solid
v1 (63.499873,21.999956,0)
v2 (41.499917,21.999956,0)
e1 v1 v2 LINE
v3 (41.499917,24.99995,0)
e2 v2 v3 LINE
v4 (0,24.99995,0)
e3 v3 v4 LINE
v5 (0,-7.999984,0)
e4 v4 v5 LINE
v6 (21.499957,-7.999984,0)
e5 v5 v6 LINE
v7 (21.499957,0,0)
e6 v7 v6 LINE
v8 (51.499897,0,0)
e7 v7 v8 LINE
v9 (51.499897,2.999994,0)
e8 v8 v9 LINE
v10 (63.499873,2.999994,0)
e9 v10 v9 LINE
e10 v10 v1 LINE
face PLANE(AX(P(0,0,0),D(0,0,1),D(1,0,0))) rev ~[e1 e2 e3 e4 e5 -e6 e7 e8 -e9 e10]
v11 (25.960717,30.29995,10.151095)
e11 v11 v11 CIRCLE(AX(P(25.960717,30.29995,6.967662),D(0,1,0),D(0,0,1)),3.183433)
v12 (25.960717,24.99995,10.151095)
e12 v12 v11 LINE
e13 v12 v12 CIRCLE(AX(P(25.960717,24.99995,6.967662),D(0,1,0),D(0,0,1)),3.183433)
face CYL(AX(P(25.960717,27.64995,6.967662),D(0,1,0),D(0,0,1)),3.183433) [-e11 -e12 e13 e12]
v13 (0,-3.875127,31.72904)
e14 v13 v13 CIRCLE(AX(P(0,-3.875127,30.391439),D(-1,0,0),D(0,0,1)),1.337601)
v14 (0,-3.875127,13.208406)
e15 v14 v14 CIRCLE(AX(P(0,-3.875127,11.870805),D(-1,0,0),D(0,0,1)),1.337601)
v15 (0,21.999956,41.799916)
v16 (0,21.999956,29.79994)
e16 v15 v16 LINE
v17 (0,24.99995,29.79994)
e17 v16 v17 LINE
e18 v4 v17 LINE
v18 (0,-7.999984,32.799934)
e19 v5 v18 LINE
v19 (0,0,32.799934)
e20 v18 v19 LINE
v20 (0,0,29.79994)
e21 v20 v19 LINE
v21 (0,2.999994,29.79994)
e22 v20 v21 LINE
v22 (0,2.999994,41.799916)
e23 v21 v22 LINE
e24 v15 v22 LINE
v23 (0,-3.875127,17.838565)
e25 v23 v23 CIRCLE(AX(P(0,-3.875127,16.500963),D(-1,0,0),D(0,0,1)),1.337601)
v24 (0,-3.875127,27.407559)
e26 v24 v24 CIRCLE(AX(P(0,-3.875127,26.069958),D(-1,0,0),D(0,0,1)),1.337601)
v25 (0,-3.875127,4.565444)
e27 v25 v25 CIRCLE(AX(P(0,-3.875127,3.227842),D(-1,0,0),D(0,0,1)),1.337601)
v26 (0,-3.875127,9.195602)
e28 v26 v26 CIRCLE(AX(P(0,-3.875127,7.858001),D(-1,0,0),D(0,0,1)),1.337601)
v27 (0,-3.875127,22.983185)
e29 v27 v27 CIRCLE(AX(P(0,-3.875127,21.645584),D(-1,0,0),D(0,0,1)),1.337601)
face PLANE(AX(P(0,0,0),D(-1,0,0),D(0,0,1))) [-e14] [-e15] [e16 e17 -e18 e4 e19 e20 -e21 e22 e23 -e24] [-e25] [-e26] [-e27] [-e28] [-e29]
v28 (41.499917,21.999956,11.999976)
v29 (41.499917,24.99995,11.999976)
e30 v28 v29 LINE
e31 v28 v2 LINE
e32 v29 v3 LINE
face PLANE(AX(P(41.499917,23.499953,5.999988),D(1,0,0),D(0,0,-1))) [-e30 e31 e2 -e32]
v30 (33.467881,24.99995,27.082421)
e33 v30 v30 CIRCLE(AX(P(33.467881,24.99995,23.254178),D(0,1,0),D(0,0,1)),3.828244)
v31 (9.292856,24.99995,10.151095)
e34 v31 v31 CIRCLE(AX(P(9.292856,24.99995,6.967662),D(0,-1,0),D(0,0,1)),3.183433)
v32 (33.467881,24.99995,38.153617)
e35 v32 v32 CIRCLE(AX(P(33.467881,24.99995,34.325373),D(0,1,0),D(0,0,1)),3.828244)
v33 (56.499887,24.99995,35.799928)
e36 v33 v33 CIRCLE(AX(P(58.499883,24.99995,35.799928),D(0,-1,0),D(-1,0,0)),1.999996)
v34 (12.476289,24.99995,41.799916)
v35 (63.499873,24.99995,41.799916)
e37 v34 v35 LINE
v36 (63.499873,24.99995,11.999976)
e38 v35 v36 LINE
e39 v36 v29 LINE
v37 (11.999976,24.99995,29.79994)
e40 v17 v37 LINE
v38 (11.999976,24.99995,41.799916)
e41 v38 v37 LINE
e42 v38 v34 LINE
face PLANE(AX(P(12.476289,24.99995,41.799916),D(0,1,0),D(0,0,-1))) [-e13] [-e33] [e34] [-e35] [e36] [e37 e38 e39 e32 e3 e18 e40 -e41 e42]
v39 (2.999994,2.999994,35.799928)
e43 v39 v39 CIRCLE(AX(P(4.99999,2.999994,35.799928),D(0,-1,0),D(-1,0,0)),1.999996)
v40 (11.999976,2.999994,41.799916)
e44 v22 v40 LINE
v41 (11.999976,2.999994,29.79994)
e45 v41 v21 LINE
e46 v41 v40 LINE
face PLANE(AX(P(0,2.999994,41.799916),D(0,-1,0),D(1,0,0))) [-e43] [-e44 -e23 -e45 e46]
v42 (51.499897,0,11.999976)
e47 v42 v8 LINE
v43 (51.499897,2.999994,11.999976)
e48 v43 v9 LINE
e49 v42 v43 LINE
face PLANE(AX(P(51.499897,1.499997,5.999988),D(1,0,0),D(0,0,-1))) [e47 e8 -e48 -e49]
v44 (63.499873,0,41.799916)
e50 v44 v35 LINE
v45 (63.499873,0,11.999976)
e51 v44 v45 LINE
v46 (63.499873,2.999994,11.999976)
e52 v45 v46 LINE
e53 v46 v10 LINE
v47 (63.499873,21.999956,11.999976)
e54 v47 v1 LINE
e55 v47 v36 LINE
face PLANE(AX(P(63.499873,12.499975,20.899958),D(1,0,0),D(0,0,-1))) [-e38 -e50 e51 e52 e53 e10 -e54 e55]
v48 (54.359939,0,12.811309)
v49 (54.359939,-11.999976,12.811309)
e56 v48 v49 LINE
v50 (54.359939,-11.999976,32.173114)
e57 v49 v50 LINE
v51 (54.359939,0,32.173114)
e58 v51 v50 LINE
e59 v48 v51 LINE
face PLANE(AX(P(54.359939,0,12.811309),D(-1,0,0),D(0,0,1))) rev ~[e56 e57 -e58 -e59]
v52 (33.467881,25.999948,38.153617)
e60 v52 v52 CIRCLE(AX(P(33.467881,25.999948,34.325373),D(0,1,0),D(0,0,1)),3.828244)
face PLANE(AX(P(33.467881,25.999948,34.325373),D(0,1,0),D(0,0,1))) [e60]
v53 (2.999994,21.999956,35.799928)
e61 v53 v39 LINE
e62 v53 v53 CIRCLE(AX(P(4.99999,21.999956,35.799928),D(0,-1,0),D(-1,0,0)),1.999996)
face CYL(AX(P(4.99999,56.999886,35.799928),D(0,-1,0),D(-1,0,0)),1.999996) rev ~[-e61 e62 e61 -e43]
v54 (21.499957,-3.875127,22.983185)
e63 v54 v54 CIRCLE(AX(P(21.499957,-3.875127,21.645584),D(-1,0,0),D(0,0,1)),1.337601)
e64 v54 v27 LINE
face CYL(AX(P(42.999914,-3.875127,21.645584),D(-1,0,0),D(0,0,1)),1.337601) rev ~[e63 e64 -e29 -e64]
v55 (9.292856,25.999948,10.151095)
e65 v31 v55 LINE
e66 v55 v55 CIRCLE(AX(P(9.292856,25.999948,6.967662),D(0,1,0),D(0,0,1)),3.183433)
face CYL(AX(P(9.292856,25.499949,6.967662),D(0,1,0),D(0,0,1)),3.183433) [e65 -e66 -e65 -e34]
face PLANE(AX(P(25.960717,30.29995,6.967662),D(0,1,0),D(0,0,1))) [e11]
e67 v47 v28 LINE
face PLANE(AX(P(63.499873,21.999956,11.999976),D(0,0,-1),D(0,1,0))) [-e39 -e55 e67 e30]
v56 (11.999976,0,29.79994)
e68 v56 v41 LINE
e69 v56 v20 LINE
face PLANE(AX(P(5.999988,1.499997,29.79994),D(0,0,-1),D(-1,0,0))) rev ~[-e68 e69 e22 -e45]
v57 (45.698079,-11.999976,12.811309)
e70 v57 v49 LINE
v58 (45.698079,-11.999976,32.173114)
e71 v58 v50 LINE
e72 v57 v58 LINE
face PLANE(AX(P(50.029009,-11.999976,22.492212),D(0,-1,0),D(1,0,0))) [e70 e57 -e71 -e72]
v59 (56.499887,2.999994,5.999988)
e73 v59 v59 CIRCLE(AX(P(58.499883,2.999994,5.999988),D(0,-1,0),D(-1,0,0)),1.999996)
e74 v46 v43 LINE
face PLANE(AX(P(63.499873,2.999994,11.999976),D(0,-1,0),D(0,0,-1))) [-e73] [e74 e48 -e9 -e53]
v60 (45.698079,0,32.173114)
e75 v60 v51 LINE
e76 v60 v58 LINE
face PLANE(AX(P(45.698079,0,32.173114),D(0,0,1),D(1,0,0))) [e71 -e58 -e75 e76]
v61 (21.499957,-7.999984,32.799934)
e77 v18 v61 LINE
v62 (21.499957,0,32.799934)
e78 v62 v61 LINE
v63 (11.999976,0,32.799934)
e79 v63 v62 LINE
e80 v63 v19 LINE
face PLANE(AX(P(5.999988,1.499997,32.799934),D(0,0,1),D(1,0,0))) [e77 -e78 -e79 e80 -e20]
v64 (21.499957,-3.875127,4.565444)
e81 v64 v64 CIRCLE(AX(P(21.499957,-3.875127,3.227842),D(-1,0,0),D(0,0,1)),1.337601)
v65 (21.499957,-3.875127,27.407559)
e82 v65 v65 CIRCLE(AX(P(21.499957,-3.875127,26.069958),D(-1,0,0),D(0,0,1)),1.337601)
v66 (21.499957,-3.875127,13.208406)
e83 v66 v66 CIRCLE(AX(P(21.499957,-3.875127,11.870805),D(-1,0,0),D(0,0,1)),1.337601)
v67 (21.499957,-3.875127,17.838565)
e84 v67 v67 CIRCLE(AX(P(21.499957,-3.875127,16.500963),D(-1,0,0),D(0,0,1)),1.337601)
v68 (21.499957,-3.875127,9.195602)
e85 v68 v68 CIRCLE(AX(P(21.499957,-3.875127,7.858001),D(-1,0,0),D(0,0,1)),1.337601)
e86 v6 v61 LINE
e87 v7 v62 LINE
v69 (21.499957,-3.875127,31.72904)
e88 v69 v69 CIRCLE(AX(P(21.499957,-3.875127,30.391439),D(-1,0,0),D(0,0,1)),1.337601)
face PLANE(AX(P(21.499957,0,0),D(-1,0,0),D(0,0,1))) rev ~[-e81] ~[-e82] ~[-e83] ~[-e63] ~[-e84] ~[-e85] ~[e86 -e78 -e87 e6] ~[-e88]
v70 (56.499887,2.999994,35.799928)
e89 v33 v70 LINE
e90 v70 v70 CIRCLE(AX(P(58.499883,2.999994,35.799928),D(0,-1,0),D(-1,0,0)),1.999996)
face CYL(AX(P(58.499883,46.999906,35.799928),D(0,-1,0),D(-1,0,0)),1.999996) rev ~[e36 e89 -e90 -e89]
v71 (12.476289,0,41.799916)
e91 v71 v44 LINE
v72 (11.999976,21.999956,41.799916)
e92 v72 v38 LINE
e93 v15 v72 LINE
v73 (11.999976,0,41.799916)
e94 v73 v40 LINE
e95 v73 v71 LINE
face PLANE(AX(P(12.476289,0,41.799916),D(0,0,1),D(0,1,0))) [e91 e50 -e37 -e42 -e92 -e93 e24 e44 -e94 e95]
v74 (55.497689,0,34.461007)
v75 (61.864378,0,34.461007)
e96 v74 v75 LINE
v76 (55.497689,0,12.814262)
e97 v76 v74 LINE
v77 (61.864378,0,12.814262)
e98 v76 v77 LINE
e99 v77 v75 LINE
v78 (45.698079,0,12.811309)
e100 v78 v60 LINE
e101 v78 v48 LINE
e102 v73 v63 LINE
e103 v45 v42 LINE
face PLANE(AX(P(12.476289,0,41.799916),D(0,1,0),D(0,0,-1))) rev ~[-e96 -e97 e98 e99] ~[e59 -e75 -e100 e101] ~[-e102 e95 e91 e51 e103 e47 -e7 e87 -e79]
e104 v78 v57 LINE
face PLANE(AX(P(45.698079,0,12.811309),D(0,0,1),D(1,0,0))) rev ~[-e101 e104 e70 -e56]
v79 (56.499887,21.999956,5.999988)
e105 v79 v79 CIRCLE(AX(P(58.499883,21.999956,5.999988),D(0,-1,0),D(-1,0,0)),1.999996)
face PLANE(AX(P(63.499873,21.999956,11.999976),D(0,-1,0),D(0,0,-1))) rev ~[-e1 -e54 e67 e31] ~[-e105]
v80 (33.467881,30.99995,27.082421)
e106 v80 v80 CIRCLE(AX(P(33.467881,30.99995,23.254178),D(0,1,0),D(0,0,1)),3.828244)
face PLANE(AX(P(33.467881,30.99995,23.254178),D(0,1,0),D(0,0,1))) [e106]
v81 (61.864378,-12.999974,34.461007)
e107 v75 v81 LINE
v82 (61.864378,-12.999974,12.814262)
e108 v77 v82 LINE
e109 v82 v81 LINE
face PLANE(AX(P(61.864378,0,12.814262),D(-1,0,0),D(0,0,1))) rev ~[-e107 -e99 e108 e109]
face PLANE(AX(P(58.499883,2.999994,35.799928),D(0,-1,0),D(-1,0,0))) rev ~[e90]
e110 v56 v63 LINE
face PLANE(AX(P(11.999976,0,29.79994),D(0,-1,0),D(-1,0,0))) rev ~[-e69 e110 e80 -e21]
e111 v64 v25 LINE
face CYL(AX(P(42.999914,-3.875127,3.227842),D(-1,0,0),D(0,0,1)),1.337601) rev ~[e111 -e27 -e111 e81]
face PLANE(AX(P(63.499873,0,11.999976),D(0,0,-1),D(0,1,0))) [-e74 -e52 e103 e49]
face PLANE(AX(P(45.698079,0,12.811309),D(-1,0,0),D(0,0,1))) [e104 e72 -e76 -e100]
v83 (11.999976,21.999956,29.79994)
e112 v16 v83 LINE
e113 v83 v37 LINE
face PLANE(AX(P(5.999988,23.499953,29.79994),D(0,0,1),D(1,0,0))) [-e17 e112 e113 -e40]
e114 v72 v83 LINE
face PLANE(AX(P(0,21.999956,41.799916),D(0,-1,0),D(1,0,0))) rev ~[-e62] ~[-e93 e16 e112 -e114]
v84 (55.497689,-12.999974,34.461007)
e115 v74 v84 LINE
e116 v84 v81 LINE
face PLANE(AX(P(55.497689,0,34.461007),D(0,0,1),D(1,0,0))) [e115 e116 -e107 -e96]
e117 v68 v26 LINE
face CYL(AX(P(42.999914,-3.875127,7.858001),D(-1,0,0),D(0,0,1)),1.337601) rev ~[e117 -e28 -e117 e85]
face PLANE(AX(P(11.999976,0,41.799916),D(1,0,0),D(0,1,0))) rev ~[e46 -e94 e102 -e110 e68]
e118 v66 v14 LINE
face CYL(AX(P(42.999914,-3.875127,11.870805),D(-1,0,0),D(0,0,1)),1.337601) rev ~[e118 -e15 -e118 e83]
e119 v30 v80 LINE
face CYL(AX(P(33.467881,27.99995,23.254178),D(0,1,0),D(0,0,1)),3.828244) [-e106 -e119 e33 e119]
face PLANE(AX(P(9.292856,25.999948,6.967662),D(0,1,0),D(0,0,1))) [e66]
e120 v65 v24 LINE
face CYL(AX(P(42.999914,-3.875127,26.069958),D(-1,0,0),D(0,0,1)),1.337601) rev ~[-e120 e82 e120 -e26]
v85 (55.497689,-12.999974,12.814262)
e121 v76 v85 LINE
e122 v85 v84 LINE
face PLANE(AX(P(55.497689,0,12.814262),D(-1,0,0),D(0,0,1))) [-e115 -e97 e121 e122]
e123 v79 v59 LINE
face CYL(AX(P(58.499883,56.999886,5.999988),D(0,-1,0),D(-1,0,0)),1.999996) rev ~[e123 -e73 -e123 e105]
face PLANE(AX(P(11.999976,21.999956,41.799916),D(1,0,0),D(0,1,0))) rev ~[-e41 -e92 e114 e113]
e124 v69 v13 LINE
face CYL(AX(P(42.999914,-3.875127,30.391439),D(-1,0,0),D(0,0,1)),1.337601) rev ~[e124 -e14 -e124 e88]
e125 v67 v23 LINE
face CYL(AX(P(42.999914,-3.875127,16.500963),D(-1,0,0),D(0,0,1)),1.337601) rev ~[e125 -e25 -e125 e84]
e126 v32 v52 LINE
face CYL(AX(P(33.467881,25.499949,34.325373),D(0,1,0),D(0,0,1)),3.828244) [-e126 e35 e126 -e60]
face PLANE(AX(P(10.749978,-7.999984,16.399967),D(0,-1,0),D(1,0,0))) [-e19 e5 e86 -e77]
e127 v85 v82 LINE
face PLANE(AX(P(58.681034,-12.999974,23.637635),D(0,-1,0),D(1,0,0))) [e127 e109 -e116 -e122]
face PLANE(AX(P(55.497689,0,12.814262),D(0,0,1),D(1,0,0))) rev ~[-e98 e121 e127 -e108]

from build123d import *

# Parameters (mm, degrees)
SKETCH_1_W               = 3.183433307
SKETCH_1_H               = 0.999998
SKETCH_2_W               = 12.476289143
SKETCH_2_H               = 38.015688009
EXTRUDE_1_DEPTH          = 24.99995
SKETCH_3_W               = 12.476289143
SKETCH_3_H               = 24.99995
EXTRUDE_2_DEPTH          = 3.784228391
SKETCH_4_W               = 41.7999164
SKETCH_4_H               = 24.99995
EXTRUDE_3_DEPTH          = 51.023583857
SKETCH_6_W               = 21.499957
SKETCH_6_H               = 32.7999344
EXTRUDE_5_DEPTH          = 7.999984
SKETCH_7_W               = 11.999976
SKETCH_7_H               = 2.999994
CUT_EXTRUDE_1_DEPTH      = 8.999982
CUT_EXTRUDE_2_REACH      = 76.808
SKETCH_9_W               = 11.999976
SKETCH_9_H               = 2.999994
SKETCH_10_W              = 6.366689606
SKETCH_10_H              = 21.646744661
EXTRUDE_6_DEPTH          = 12.999974
SKETCH_11_W              = 11.999976
SKETCH_11_H              = 2.999994
CUT_EXTRUDE_3_DEPTH      = 11.999976
SKETCH_12_W              = 11.999976
SKETCH_12_H              = 2.999994
CUT_EXTRUDE_4_DEPTH      = 21.999956
SKETCH_13_W              = 11.999976
SKETCH_13_H              = 2.999994
CUT_EXTRUDE_5_DEPTH      = 11.999976
SKETCH_14_W              = 8.66186009
SKETCH_14_H              = 19.361804907
EXTRUDE_7_DEPTH          = 11.999976
SKETCH_15_W              = 3.82824354
SKETCH_15_H              = 0.999998
SKETCH_16_W              = 3.82824354
SKETCH_16_H              = 6
SKETCH_17_W              = 3.183433307
SKETCH_17_H              = 5.3
HOLE_WIZARD_M3_5_4_D     = 3.999992
HOLE_WIZARD_M3_5_4_DEPTH = 21.999956
HOLE_WIZARD_1_D          = 2.675202715
HOLE_WIZARD_1_DEPTH      = 21.499957
HOLE_WIZARD_M3_5_5_D     = 3.999992
HOLE_WIZARD_M3_5_5_DEPTH = 34.99993


with BuildPart() as part:
    # 草图1 → 旋转1 (revolve)
    with BuildSketch(Plane(origin=(0, 0, 6.967661698), x_dir=(-1, 0, 0), z_dir=(0, 0, -1)), mode=Mode.PRIVATE) as revolve_1_sk:
        with Locations((-10.88457249, 25.499949)):
            Rectangle(SKETCH_1_W, SKETCH_1_H)
    revolve(revolve_1_sk.sketch.rotate(Axis((9.292855836, 24.99995, 6.967661698), (0, 1, 0)), 270), axis=Axis((9.292855836, 24.99995, 6.967661698), (0, 1, 0)))

    # 草图2 → 凸台-拉伸1 (add)
    with BuildSketch(Plane(origin=(0, 24.99995, 0), x_dir=(1, 0, 0), z_dir=(0, 1, 0))):
        with Locations((6.238144572, -22.792072395)):
            Rectangle(SKETCH_2_W, SKETCH_2_H)
    extrude(amount=-EXTRUDE_1_DEPTH)

    # 草图3 → 凸台-拉伸2 (add)
    with BuildSketch(Plane(origin=(0, 0, 3.784228391), x_dir=(-1, 0, 0), z_dir=(0, 0, -1))):
        with Locations((-6.238144572, 12.499975)):
            Rectangle(SKETCH_3_W, SKETCH_3_H)
    extrude(amount=EXTRUDE_2_DEPTH)

    # 草图4 → 凸台-拉伸3 (add)
    with BuildSketch(Plane(origin=(12.476289143, 0, 0), x_dir=(0, 0, -1), z_dir=(1, 0, 0))):
        with Locations((-20.8999582, 12.499975)):
            Rectangle(SKETCH_4_W, SKETCH_4_H)
    extrude(amount=EXTRUDE_3_DEPTH)

    # 草图6 → 凸台-拉伸5 (add)
    with BuildSketch(Plane.XZ):
        with Locations((10.7499785, 16.3999672)):
            Rectangle(SKETCH_6_W, SKETCH_6_H)
    extrude(amount=EXTRUDE_5_DEPTH)

    # 草图7 → 切除-拉伸1 (cut)
    with BuildSketch(Plane.XY.offset(41.7999164)):
        with Locations((5.999988, 1.499997)):
            Rectangle(SKETCH_7_W, SKETCH_7_H)
    extrude(amount=-CUT_EXTRUDE_1_DEPTH, mode=Mode.SUBTRACT)

    # 草图9 → 切除-拉伸2 (cut, up to next)
    with BuildSketch(Plane(origin=(0, 0, 29.7999404), x_dir=(-1, 0, 0), z_dir=(0, 0, -1)), mode=Mode.PRIVATE) as cut_extrude_2_sk1:
        with Locations((-5.999988, 1.499997)):
            Rectangle(SKETCH_9_W, SKETCH_9_H)
    cut_extrude_2_tool1 = extrude(cut_extrude_2_sk1.sketch, amount=-CUT_EXTRUDE_2_REACH, mode=Mode.PRIVATE) & part.part
    add(cut_extrude_2_tool1.solids().sort_by_distance((5.999988, 1.499997, 29.79994))[0], mode=Mode.SUBTRACT)

    # 草图10 → 凸台-拉伸6 (add)
    with BuildSketch(Plane.XZ):
        with Locations((58.681033534, 23.637634731)):
            Rectangle(SKETCH_10_W, SKETCH_10_H)
    extrude(amount=EXTRUDE_6_DEPTH)

    # 草图11 → 切除-拉伸3 (cut)
    with BuildSketch(Plane.XY.offset(41.7999164)):
        with Locations((5.999988, 23.499953)):
            Rectangle(SKETCH_11_W, SKETCH_11_H)
    extrude(amount=-CUT_EXTRUDE_3_DEPTH, mode=Mode.SUBTRACT)

    # 草图12 → 切除-拉伸4 (cut)
    with BuildSketch(Plane(origin=(63.499873, 0, 0), x_dir=(0, 0, -1), z_dir=(1, 0, 0))):
        with Locations((-5.999988, 23.499953)):
            Rectangle(SKETCH_12_W, SKETCH_12_H)
    extrude(amount=-CUT_EXTRUDE_4_DEPTH, mode=Mode.SUBTRACT)

    # 草图13 → 切除-拉伸5 (cut)
    with BuildSketch(Plane(origin=(63.499873, 0, 0), x_dir=(0, 0, -1), z_dir=(1, 0, 0))):
        with Locations((-5.999988, 1.499997)):
            Rectangle(SKETCH_13_W, SKETCH_13_H)
    extrude(amount=-CUT_EXTRUDE_5_DEPTH, mode=Mode.SUBTRACT)

    # 草图14 → 凸台-拉伸7 (add)
    with BuildSketch(Plane.XZ):
        with Locations((50.029008896, 22.492211894)):
            Rectangle(SKETCH_14_W, SKETCH_14_H)
    extrude(amount=EXTRUDE_7_DEPTH)

    # 草图15 → 旋转2 (revolve)
    with BuildSketch(Plane(origin=(0, 0, 34.32537348), x_dir=(-1, 0, 0), z_dir=(0, 0, -1)), mode=Mode.PRIVATE) as revolve_2_sk:
        with Locations((-35.382002405, 25.499949)):
            Rectangle(SKETCH_15_W, SKETCH_15_H)
    revolve(revolve_2_sk.sketch.rotate(Axis((33.467880635, 24.99995, 34.32537348), (0, 1, 0)), 270), axis=Axis((33.467880635, 24.99995, 34.32537348), (0, 1, 0)))

    # 草图16 → 旋转3 (revolve)
    with BuildSketch(Plane(origin=(0, 0, 23.254177941), x_dir=(-1, 0, 0), z_dir=(0, 0, -1)), mode=Mode.PRIVATE) as revolve_3_sk:
        with Locations((-35.382002405, 27.99995)):
            Rectangle(SKETCH_16_W, SKETCH_16_H)
    revolve(revolve_3_sk.sketch.rotate(Axis((33.467880635, 24.99995, 23.254177941), (0, 1, 0)), 270), axis=Axis((33.467880635, 24.99995, 23.254177941), (0, 1, 0)))

    # 草图17 → 旋转4 (revolve)
    with BuildSketch(Plane(origin=(0, 0, 6.967661698), x_dir=(-1, 0, 0), z_dir=(0, 0, -1)), mode=Mode.PRIVATE) as revolve_4_sk:
        with Locations((-27.552434059, 27.64995)):
            Rectangle(SKETCH_17_W, SKETCH_17_H)
    revolve(revolve_4_sk.sketch.rotate(Axis((25.960717405, 24.99995, 6.967661698), (0, 1, 0)), 270), axis=Axis((25.960717405, 24.99995, 6.967661698), (0, 1, 0)))

    # M3.5 间隙孔4
    with Locations(Plane(origin=(0, 24.99995, 0), x_dir=(1, 0, 0), z_dir=(0, 1, 0))):
        with Locations((58.499883, -35.7999284)):
            Hole(HOLE_WIZARD_M3_5_4_D / 2, depth=HOLE_WIZARD_M3_5_4_DEPTH)

    # 孔1
    with Locations(Plane(origin=(21.499957, 0, 0), x_dir=(0, 0, -1), z_dir=(1, 0, 0))):
        with Locations((-16.500963355, -3.875126559), (-21.645583961, -3.875126559), (-26.069957682, -3.875126559), (-30.391438991, -3.875126559), (-11.870804809, -3.875126559), (-7.858000737, -3.875126559), (-3.227842192, -3.875126559)):
            Hole(HOLE_WIZARD_1_D / 2, depth=HOLE_WIZARD_1_DEPTH)

    # M3.5 间隙孔5
    with Locations(Plane(origin=(0, 21.999956, 0), x_dir=(1, 0, 0), z_dir=(0, 1, 0))):
        with Locations((58.499883, -5.999988), (4.99999, -35.7999284)):
            Hole(HOLE_WIZARD_M3_5_5_D / 2, depth=HOLE_WIZARD_M3_5_5_DEPTH)


solid = part.part
